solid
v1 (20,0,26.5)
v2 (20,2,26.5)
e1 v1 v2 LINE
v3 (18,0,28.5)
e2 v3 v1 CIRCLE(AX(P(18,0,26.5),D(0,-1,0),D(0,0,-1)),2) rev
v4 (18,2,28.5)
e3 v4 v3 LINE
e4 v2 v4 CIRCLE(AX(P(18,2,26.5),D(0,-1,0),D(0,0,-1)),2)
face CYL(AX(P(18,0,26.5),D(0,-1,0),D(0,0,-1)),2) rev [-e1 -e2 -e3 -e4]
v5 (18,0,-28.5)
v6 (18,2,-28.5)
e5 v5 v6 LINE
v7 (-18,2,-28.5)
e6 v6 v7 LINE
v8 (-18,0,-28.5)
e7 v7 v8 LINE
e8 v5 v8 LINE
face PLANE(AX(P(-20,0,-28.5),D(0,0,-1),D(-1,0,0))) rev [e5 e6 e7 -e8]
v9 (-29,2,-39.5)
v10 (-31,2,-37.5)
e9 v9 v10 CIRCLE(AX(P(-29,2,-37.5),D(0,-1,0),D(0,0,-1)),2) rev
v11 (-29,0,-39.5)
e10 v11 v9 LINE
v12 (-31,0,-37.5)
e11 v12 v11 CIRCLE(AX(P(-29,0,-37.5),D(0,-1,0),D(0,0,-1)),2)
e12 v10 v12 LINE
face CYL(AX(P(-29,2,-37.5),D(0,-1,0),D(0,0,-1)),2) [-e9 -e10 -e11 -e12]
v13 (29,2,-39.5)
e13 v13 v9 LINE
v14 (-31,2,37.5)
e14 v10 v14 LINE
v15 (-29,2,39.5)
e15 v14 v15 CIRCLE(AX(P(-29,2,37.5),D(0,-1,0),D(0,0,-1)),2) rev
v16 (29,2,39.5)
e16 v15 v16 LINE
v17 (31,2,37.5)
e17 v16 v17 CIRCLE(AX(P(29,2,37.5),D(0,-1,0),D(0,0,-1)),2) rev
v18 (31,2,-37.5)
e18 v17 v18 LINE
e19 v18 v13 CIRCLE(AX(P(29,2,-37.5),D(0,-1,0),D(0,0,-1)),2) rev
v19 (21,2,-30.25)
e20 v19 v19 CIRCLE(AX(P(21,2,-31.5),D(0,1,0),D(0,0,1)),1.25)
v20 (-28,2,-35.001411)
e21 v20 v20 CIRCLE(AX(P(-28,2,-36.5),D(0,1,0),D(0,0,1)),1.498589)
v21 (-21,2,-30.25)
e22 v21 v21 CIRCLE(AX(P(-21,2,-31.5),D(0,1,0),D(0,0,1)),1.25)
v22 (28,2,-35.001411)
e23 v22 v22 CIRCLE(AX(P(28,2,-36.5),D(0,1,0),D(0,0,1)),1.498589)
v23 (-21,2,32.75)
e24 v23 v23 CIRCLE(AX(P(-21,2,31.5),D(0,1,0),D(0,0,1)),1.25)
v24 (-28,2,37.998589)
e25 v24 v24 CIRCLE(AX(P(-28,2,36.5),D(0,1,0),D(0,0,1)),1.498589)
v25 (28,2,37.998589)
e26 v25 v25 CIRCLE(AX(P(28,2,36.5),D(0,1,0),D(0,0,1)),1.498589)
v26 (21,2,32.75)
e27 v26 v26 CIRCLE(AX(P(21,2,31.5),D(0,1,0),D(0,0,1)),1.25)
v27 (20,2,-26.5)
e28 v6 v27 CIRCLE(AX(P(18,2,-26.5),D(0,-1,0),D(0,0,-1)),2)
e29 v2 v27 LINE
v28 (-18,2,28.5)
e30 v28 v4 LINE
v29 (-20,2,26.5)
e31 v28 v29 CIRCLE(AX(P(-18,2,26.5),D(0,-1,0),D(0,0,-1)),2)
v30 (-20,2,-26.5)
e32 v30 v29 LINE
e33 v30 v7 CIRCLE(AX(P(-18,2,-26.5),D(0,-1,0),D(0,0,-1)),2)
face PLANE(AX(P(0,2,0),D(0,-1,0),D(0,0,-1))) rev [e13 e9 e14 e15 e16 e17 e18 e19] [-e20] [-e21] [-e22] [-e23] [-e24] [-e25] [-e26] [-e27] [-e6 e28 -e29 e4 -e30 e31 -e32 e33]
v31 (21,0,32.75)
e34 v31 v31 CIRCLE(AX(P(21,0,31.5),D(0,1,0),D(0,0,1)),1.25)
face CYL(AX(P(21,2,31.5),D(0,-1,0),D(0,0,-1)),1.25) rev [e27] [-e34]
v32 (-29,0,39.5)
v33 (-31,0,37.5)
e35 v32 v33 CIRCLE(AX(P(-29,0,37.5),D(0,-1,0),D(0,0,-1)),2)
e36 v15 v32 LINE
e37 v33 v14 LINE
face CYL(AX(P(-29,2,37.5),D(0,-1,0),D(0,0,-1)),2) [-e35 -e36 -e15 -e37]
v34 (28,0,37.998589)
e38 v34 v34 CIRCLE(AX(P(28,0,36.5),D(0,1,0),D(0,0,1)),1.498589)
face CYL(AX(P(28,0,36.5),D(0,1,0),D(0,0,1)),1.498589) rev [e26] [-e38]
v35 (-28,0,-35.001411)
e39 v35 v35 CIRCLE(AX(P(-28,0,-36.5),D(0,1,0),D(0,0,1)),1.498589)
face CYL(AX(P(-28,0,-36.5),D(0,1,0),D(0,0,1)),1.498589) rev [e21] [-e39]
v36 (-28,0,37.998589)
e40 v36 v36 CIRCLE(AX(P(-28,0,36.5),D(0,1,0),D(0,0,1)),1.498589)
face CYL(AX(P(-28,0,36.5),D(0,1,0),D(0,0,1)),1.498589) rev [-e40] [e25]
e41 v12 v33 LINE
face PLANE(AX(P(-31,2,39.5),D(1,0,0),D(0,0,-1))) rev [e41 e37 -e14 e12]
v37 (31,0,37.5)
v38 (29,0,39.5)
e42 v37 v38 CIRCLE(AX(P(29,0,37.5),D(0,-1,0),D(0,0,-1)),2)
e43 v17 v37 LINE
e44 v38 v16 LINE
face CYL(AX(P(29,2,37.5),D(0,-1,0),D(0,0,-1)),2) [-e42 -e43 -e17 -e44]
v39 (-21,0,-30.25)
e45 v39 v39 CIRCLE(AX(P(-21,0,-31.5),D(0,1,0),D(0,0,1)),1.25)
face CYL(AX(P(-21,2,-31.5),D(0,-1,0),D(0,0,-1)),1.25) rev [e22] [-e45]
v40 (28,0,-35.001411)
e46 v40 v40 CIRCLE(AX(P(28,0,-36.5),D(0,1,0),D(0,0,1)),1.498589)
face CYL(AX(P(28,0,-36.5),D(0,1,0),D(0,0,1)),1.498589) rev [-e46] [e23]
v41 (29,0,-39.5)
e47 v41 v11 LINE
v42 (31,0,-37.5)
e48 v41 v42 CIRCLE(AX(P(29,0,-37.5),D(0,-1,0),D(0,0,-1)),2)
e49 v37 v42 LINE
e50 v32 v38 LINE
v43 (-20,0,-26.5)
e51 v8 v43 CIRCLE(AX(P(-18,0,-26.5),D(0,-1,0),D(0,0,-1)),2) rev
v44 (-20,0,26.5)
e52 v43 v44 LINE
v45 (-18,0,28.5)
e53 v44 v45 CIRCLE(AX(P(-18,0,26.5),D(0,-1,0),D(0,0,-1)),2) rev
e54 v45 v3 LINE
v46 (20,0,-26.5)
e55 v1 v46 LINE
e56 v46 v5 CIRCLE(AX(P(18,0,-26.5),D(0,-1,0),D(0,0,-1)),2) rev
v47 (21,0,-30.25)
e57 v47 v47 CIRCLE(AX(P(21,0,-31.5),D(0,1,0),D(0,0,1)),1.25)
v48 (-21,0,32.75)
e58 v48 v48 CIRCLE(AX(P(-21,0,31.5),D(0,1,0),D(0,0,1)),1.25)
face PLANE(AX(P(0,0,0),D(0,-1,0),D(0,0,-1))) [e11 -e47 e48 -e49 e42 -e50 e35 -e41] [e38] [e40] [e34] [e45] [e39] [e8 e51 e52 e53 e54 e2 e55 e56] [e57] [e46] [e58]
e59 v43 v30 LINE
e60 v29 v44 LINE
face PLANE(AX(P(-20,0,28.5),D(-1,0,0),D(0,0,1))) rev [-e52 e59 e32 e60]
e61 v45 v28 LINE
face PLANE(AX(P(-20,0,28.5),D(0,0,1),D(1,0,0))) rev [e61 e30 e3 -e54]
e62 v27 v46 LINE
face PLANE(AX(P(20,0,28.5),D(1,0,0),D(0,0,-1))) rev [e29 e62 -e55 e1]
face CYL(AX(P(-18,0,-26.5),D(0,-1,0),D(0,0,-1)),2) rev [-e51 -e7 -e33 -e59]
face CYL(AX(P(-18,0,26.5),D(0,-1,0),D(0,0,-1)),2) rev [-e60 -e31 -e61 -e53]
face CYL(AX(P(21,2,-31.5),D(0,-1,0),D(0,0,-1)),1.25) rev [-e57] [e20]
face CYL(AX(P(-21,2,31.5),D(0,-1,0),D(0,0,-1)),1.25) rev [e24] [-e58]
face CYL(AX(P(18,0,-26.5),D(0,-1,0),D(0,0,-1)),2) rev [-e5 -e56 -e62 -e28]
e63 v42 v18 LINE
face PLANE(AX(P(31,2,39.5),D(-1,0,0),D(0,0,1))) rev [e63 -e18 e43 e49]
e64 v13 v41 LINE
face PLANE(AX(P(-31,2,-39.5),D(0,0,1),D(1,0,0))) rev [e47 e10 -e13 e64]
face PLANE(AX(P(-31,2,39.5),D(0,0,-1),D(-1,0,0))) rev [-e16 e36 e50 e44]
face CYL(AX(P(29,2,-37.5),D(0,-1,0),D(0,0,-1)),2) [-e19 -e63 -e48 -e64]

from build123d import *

# Parameters (mm, degrees)
SKETCH_1_W          = 62
SKETCH_1_H          = 79
SKETCH_1_R          = 1.25
EXTRUDE_1_DEPTH     = 2
SKETCH_2_R          = 1.498589197
CUT_EXTRUDE_1_DEPTH = 2
SKETCH_3_W          = 40
SKETCH_3_H          = 57
CUT_EXTRUDE_2_DEPTH = 2
FILLET_1_R          = 2


with BuildPart() as part:
    # 草图1 → 凸台-拉伸1 (new body)
    with BuildSketch(Plane(origin=(0, 0, 0), x_dir=(1, 0, 0), z_dir=(0, 1, 0))):
        Rectangle(SKETCH_1_W, SKETCH_1_H)
        with Locations(Location((-21, 31.5, 0), (0, 0, 270))):
            Circle(SKETCH_1_R, mode=Mode.SUBTRACT)
        with Locations(Location((21, 31.5, 0), (0, 0, 270))):
            Circle(SKETCH_1_R, mode=Mode.SUBTRACT)
        with Locations(Location((-21, -31.5, 0), (0, 0, 270))):
            Circle(SKETCH_1_R, mode=Mode.SUBTRACT)
        with Locations(Location((21, -31.5, 0), (0, 0, 270))):
            Circle(SKETCH_1_R, mode=Mode.SUBTRACT)
    extrude(amount=EXTRUDE_1_DEPTH)

    # 草图2 → 切除-拉伸1 (cut)
    with BuildSketch(Plane(origin=(0, 2, 0), x_dir=(1, 0, 0), z_dir=(0, 1, 0))):
        with Locations(Location((28, 36.5, 0), (0, 0, 270))):
            Circle(SKETCH_2_R)
        with Locations(Location((-28, 36.5, 0), (0, 0, 270))):
            Circle(SKETCH_2_R)
        with Locations(Location((-28, -36.5, 0), (0, 0, 270))):
            Circle(SKETCH_2_R)
        with Locations(Location((28, -36.5, 0), (0, 0, 270))):
            Circle(SKETCH_2_R)
    extrude(amount=-CUT_EXTRUDE_1_DEPTH, mode=Mode.SUBTRACT)

    # 草图3 → 切除-拉伸2 (cut)
    with BuildSketch(Plane(origin=(0, 2, 0), x_dir=(1, 0, 0), z_dir=(0, 1, 0))):
        Rectangle(SKETCH_3_W, SKETCH_3_H)
    extrude(amount=-CUT_EXTRUDE_2_DEPTH, mode=Mode.SUBTRACT)

    # 圆角1
    fillet_1_edges = [part.edges().sort_by_distance(p)[0] for p in [
        (20, 1, -28.5),
        (20, 1, 28.5),
        (-20, 1, 28.5),
        (-20, 1, -28.5),
        (31, 1, 39.5),
        (-31, 1, 39.5),
        (-31, 1, -39.5),
        (31, 1, -39.5),
    ]]
    fillet(fillet_1_edges, radius=FILLET_1_R)


solid = part.part
